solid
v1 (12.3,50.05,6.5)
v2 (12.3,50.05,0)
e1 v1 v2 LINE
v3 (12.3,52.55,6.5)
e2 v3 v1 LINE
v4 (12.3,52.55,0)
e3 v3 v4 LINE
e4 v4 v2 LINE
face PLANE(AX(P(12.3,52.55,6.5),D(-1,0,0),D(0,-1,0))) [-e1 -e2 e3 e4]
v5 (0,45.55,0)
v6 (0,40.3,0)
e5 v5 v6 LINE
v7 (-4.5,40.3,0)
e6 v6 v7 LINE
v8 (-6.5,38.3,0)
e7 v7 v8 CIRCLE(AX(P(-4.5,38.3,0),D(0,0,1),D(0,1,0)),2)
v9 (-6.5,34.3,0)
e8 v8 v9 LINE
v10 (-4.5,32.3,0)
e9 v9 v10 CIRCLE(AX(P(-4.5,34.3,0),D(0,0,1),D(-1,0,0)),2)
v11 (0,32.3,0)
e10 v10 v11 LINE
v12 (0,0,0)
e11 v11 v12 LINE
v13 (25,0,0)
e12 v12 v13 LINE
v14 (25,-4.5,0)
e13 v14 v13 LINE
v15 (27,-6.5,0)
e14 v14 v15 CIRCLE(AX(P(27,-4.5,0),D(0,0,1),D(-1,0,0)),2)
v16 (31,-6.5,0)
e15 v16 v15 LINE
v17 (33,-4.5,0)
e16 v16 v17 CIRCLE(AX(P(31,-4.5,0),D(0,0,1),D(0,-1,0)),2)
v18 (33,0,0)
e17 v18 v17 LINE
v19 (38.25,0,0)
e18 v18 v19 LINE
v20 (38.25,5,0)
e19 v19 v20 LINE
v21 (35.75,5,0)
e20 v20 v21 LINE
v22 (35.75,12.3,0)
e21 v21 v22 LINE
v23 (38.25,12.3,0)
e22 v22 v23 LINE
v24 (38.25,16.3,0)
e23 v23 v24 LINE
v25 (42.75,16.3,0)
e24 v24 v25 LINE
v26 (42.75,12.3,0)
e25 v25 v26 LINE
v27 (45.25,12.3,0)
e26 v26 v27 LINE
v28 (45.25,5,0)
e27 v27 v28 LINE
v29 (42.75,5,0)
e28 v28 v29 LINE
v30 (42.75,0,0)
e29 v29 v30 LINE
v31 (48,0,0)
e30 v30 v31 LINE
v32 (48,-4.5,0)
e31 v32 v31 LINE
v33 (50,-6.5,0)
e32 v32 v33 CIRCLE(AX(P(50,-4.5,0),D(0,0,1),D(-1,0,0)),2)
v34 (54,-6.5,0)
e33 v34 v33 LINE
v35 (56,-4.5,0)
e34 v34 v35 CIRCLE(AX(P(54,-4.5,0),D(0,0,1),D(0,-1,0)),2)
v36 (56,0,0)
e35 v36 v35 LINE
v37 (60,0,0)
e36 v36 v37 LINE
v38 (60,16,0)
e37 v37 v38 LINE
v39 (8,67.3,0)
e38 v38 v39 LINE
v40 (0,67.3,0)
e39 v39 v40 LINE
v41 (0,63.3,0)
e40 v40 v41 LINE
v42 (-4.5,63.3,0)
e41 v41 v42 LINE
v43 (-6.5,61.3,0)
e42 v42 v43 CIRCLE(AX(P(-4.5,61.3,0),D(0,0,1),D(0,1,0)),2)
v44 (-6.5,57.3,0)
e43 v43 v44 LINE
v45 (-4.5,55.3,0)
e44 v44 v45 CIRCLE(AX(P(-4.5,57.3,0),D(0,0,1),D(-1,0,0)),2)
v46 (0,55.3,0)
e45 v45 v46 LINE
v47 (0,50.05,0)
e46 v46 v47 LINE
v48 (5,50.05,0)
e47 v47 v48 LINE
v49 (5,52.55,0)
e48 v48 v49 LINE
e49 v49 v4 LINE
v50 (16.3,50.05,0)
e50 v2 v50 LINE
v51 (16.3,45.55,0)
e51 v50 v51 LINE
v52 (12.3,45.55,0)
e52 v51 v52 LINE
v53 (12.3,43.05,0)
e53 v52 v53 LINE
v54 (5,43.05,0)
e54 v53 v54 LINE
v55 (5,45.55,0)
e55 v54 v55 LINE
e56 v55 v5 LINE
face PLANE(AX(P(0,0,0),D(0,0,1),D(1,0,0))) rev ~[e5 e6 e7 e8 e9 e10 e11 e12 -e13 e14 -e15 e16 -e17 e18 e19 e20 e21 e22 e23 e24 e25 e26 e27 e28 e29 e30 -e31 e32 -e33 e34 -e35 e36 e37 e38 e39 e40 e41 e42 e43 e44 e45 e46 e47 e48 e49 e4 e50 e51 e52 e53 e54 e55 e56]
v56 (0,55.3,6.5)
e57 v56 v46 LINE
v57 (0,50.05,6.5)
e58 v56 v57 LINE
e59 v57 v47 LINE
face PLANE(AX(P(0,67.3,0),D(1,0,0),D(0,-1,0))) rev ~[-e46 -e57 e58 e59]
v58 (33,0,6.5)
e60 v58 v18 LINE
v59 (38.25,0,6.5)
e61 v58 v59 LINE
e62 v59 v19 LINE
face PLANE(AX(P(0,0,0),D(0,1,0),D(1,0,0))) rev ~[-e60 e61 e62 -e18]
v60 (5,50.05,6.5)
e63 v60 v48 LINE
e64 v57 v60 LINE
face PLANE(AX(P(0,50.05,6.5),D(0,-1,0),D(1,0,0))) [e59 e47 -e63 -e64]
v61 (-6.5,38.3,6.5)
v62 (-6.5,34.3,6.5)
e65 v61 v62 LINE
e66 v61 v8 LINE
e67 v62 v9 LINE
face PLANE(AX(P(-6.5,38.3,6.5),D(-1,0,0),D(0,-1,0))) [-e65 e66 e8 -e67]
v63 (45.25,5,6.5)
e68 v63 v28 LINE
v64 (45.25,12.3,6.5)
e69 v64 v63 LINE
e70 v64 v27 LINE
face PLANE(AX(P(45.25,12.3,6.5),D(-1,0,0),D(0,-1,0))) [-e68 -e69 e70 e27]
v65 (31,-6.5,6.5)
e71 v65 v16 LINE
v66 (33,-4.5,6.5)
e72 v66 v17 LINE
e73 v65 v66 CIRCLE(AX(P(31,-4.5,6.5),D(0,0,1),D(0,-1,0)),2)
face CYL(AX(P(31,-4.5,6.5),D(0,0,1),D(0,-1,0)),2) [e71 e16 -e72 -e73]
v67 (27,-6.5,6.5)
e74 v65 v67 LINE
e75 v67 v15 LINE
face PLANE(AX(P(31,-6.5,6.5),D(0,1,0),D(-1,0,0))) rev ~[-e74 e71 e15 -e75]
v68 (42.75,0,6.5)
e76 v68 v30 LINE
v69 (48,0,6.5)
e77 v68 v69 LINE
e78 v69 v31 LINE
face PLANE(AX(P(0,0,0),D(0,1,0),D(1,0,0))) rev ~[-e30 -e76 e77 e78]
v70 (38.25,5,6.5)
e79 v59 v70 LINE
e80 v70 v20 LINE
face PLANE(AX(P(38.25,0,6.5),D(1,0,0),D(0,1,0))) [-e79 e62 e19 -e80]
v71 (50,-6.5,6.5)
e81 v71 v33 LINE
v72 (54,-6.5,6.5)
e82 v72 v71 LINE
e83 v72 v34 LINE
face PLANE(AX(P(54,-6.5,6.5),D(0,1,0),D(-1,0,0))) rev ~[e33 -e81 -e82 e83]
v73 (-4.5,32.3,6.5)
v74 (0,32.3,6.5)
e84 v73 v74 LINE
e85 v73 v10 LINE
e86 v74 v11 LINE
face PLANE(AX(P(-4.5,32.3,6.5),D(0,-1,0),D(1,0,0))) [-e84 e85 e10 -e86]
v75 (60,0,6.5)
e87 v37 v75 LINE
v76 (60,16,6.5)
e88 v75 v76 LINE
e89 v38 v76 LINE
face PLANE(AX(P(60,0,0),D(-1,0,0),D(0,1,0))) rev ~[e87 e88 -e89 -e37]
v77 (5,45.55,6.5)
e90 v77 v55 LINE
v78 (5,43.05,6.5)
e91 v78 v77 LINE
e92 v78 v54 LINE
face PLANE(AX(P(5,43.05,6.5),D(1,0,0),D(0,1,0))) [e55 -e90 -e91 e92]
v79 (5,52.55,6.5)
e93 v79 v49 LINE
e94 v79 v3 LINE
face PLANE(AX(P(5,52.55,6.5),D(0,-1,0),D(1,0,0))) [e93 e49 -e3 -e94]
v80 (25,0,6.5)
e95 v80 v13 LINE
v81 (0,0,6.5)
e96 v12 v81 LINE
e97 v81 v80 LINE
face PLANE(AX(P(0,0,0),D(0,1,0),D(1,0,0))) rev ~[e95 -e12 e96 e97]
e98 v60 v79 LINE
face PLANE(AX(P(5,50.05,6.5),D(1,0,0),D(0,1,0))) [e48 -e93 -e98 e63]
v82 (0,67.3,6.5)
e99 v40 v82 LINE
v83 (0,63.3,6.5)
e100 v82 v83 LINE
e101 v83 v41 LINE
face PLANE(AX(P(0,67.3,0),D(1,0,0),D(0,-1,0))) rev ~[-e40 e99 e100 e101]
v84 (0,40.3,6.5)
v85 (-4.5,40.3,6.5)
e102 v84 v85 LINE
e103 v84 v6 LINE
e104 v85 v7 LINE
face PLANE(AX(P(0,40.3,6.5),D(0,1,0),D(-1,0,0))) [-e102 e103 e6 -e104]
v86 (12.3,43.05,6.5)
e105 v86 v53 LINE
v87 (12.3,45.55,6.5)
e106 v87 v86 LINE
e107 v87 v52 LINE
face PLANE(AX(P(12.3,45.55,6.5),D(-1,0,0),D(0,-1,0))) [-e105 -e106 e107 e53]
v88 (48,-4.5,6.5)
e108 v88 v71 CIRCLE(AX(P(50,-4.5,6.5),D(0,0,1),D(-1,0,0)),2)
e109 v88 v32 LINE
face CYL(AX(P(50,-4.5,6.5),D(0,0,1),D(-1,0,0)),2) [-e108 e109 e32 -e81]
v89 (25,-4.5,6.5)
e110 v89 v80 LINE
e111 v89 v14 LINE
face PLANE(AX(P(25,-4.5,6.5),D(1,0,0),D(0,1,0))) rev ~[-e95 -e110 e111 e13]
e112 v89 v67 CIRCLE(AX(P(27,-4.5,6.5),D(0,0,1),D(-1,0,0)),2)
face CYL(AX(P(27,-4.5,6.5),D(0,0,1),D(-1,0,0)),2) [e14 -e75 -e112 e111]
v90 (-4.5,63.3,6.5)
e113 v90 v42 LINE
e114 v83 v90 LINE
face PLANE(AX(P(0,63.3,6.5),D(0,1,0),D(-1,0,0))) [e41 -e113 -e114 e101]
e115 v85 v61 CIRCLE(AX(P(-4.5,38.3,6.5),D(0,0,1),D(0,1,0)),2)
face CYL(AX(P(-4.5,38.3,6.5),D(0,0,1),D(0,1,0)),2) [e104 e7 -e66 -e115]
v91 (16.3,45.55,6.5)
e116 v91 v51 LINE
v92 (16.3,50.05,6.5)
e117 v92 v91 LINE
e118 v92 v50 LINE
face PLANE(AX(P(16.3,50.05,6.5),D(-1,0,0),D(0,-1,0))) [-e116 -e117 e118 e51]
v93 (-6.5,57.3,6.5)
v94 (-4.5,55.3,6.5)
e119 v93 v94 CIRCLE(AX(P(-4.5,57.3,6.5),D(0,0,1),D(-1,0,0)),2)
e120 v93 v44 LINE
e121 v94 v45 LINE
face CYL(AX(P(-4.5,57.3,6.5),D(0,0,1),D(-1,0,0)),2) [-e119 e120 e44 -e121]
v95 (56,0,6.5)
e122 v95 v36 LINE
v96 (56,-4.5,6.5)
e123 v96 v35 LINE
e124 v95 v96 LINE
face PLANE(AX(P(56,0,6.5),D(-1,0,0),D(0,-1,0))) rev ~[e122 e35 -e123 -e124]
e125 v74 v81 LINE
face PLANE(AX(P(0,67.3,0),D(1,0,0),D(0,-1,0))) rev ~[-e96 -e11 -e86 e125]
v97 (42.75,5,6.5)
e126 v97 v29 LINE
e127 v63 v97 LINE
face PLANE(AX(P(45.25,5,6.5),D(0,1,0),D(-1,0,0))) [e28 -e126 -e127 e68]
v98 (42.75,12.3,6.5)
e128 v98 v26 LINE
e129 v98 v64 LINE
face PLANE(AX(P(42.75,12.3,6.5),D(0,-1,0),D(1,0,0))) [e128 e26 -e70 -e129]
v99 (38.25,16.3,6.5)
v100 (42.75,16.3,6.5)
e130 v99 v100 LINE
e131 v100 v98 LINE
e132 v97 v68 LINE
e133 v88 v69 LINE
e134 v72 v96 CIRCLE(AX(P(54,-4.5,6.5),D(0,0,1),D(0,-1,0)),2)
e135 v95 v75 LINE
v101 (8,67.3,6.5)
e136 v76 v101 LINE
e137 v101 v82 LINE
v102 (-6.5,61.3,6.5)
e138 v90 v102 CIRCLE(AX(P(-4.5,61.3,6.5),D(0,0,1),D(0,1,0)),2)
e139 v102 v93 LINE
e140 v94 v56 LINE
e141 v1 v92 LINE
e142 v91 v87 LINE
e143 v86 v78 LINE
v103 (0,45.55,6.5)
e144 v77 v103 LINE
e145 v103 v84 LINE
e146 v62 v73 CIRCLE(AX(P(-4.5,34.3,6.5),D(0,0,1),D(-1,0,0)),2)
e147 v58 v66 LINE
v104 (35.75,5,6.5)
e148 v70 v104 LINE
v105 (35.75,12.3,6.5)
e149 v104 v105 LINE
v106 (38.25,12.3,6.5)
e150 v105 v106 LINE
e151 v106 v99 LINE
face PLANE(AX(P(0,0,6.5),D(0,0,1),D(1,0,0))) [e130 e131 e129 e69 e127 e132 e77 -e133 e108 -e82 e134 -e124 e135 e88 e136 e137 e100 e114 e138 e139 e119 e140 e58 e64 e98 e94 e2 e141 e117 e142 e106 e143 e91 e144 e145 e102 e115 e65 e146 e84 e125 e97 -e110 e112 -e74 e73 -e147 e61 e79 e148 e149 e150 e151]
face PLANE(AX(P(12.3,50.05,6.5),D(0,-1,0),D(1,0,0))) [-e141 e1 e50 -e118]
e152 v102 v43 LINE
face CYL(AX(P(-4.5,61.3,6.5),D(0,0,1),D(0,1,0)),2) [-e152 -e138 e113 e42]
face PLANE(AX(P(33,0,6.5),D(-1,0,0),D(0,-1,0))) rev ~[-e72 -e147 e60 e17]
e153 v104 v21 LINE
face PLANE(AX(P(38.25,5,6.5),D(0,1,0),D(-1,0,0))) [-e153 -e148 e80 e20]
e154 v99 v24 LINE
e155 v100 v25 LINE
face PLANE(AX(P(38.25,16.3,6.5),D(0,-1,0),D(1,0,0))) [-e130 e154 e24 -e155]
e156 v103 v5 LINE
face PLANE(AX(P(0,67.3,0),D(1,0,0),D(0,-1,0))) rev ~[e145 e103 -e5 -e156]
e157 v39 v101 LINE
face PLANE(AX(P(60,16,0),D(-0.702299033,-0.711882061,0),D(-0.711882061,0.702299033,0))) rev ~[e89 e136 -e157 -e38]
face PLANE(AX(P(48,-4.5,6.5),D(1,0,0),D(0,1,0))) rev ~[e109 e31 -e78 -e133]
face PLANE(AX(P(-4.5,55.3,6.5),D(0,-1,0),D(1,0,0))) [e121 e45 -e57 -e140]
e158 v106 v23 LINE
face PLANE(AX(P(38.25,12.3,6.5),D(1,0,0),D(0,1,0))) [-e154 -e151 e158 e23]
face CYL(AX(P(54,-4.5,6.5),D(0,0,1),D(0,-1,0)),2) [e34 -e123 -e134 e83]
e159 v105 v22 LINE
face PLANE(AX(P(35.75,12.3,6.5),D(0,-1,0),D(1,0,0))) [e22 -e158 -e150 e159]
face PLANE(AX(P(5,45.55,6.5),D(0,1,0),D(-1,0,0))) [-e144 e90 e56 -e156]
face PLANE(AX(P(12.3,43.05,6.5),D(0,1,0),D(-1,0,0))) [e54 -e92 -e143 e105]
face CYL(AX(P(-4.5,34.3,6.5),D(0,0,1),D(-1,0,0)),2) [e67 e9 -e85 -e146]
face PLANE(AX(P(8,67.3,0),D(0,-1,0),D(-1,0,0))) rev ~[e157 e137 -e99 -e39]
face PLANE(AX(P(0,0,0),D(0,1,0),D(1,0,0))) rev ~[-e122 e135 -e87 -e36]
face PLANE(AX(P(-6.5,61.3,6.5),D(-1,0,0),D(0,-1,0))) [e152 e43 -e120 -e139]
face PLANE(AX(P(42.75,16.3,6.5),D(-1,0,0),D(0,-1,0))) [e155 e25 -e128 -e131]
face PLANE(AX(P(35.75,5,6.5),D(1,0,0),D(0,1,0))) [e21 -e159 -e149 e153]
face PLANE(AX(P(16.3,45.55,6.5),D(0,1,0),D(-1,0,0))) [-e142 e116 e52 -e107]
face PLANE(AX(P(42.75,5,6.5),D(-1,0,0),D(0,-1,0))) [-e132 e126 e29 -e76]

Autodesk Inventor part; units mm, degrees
ref_plane "YZ Plane" through (0, 0, 0) normal (1, 0, 0) x (0, 1, 0)
ref_plane "XZ Plane" through (0, 0, 0) normal (0, 1, 0) x (-1, 0, 0)
ref_plane "XY Plane" through (0, 0, 0) normal (0, 0, 1) x (1, 0, 0)
sketch "Sketch1" plane through (0, 0, 0) normal (0, 0, 1) x (1, 0, 0)
  line L0 (0, 67.3) -> (0, 0)
  line L1 (0, 0) -> (60, 0)
  line L2 (60, 0) -> (60, 16)
  line L3 (60, 16) -> (8, 67.3)
  line L4 (8, 67.3) -> (0, 67.3)
  dimension "d0" = 67.3
  dimension "d1" = 8
  dimension "d2" = 16
  dimension "d3" = 60
extrude "Extrusion1" add sketch "Sketch1" along normal blind 6.5
sketch "Sketch2" plane through (0, 0, 6.5) normal (0, 0, 1) x (1, 0, 0)
  line L0 (0, 67.3) -> (0, 0) projected
  line L1 (0, 0) -> (60, 0) projected
  line L2 (60, 0) -> (60, 16) projected
  line L3 (8, 67.3) -> (0, 67.3) projected
  line L4 (16.3, 50.05) -> (16.3, 45.55)
  line L5 (0, 45.55) -> (0, 50.05)
  line L6 (5, 52.55) -> (12.3, 52.55)
  line L7 (12.3, 43.05) -> (5, 43.05)
  line L8 (38.25, 16.3) -> (42.75, 16.3)
  line L9 (42.75, 0) -> (38.25, 0)
  line L10 (45.25, 12.3) -> (45.25, 5)
  line L11 (35.75, 5) -> (35.75, 12.3)
  line L12 (5, 43.05) -> (5, 45.55)
  line L13 (5, 50.05) -> (5, 52.55)
  line L14 (12.3, 52.55) -> (12.3, 50.05)
  line L15 (12.3, 45.55) -> (12.3, 43.05)
  line L16 (0, 50.05) -> (5, 50.05)
  line L17 (12.3, 50.05) -> (16.3, 50.05)
  line L18 (16.3, 45.55) -> (12.3, 45.55)
  line L19 (5, 45.55) -> (0, 45.55)
  line L20 (35.75, 12.3) -> (38.25, 12.3)
  line L21 (42.75, 12.3) -> (45.25, 12.3)
  line L22 (45.25, 5) -> (42.75, 5)
  line L23 (38.25, 5) -> (35.75, 5)
  line L24 (38.25, 0) -> (38.25, 5)
  line L25 (38.25, 12.3) -> (38.25, 16.3)
  line L26 (42.75, 16.3) -> (42.75, 12.3)
  line L27 (42.75, 5) -> (42.75, 0)
  point P0 (16.3, 47.8)
  point P1 (40.5, 16.3)
  dimension "d6" = 4.5
  dimension "d7" = 5
  dimension "d8" = 7.3
  dimension "d9" = 4
  dimension "d10" = 2.5
  dimension "d11" = 19.5
  dimension "d12" = 19.5
extrude "Extrusion2" cut sketch "Sketch2" against normal through all
sketch "Sketch3" plane through (0, 0, 6.5) normal (0, 0, 1) x (1, 0, 0)
  line L0 (0, 45.55) -> (0, 0) projected
  line L1 (0, 0) -> (38.25, 0) projected
  line L2 (38.25, 16.3) -> (42.75, 16.3) projected
  line L3 (42.75, 0) -> (60, 0) projected
  line L4 (0, 67.3) -> (0, 50.05) projected
  line L5 (16.3, 50.05) -> (16.3, 45.55) projected
  line L6 (0, 40.3) -> (-4.5, 40.3)
  line L7 (-6.5, 38.3) -> (-6.5, 34.3)
  line L8 (-4.5, 32.3) -> (0, 32.3)
  line L9 (0, 32.3) -> (0, 40.3)
  line L10 (0, 63.3) -> (-4.5, 63.3)
  line L11 (-6.5, 61.3) -> (-6.5, 57.3)
  line L12 (-4.5, 55.3) -> (0, 55.3)
  line L13 (0, 55.3) -> (0, 63.3)
  line L14 (25, 0) -> (33, 0)
  line L15 (33, 0) -> (33, -4.5)
  line L16 (31, -6.5) -> (27, -6.5)
  line L17 (25, -4.5) -> (25, 0)
  line L18 (48, 0) -> (56, 0)
  line L19 (56, 0) -> (56, -4.5)
  line L20 (54, -6.5) -> (50, -6.5)
  line L21 (48, -4.5) -> (48, 0)
  arc A0 (-4.5, 63.3) -> (-6.5, 61.3) centre (-4.5, 61.3) ccw
  arc A1 (-6.5, 57.3) -> (-4.5, 55.3) centre (-4.5, 57.3) ccw
  arc A2 (-4.5, 40.3) -> (-6.5, 38.3) centre (-4.5, 38.3) ccw
  arc A3 (-6.5, 34.3) -> (-4.5, 32.3) centre (-4.5, 34.3) ccw
  arc A4 (25, -4.5) -> (27, -6.5) centre (27, -4.5) ccw
  arc A5 (31, -6.5) -> (33, -4.5) centre (31, -4.5) ccw
  arc A6 (48, -4.5) -> (50, -6.5) centre (50, -4.5) ccw
  arc A7 (54, -6.5) -> (56, -4.5) centre (54, -4.5) ccw
  point P0 (16.3, 47.8)
  point P1 (40.5, 16.3)
  dimension "d15" = 2
  dimension "d16" = 8
  dimension "d17" = 8
  dimension "d18" = 8
  dimension "d19" = 8
  dimension "d20" = 6.5
  dimension "d21" = 6.5
  dimension "d22" = 15
  dimension "d23" = 15
  dimension "d24" = 7.5
  dimension "d25" = 7.5
extrude "Extrusion3" add sketch "Sketch3" against normal blind 6.5
equation "\"d21\" = d20"
properties part number "y_motor_mount_brace" material "Plywood, Finish"
